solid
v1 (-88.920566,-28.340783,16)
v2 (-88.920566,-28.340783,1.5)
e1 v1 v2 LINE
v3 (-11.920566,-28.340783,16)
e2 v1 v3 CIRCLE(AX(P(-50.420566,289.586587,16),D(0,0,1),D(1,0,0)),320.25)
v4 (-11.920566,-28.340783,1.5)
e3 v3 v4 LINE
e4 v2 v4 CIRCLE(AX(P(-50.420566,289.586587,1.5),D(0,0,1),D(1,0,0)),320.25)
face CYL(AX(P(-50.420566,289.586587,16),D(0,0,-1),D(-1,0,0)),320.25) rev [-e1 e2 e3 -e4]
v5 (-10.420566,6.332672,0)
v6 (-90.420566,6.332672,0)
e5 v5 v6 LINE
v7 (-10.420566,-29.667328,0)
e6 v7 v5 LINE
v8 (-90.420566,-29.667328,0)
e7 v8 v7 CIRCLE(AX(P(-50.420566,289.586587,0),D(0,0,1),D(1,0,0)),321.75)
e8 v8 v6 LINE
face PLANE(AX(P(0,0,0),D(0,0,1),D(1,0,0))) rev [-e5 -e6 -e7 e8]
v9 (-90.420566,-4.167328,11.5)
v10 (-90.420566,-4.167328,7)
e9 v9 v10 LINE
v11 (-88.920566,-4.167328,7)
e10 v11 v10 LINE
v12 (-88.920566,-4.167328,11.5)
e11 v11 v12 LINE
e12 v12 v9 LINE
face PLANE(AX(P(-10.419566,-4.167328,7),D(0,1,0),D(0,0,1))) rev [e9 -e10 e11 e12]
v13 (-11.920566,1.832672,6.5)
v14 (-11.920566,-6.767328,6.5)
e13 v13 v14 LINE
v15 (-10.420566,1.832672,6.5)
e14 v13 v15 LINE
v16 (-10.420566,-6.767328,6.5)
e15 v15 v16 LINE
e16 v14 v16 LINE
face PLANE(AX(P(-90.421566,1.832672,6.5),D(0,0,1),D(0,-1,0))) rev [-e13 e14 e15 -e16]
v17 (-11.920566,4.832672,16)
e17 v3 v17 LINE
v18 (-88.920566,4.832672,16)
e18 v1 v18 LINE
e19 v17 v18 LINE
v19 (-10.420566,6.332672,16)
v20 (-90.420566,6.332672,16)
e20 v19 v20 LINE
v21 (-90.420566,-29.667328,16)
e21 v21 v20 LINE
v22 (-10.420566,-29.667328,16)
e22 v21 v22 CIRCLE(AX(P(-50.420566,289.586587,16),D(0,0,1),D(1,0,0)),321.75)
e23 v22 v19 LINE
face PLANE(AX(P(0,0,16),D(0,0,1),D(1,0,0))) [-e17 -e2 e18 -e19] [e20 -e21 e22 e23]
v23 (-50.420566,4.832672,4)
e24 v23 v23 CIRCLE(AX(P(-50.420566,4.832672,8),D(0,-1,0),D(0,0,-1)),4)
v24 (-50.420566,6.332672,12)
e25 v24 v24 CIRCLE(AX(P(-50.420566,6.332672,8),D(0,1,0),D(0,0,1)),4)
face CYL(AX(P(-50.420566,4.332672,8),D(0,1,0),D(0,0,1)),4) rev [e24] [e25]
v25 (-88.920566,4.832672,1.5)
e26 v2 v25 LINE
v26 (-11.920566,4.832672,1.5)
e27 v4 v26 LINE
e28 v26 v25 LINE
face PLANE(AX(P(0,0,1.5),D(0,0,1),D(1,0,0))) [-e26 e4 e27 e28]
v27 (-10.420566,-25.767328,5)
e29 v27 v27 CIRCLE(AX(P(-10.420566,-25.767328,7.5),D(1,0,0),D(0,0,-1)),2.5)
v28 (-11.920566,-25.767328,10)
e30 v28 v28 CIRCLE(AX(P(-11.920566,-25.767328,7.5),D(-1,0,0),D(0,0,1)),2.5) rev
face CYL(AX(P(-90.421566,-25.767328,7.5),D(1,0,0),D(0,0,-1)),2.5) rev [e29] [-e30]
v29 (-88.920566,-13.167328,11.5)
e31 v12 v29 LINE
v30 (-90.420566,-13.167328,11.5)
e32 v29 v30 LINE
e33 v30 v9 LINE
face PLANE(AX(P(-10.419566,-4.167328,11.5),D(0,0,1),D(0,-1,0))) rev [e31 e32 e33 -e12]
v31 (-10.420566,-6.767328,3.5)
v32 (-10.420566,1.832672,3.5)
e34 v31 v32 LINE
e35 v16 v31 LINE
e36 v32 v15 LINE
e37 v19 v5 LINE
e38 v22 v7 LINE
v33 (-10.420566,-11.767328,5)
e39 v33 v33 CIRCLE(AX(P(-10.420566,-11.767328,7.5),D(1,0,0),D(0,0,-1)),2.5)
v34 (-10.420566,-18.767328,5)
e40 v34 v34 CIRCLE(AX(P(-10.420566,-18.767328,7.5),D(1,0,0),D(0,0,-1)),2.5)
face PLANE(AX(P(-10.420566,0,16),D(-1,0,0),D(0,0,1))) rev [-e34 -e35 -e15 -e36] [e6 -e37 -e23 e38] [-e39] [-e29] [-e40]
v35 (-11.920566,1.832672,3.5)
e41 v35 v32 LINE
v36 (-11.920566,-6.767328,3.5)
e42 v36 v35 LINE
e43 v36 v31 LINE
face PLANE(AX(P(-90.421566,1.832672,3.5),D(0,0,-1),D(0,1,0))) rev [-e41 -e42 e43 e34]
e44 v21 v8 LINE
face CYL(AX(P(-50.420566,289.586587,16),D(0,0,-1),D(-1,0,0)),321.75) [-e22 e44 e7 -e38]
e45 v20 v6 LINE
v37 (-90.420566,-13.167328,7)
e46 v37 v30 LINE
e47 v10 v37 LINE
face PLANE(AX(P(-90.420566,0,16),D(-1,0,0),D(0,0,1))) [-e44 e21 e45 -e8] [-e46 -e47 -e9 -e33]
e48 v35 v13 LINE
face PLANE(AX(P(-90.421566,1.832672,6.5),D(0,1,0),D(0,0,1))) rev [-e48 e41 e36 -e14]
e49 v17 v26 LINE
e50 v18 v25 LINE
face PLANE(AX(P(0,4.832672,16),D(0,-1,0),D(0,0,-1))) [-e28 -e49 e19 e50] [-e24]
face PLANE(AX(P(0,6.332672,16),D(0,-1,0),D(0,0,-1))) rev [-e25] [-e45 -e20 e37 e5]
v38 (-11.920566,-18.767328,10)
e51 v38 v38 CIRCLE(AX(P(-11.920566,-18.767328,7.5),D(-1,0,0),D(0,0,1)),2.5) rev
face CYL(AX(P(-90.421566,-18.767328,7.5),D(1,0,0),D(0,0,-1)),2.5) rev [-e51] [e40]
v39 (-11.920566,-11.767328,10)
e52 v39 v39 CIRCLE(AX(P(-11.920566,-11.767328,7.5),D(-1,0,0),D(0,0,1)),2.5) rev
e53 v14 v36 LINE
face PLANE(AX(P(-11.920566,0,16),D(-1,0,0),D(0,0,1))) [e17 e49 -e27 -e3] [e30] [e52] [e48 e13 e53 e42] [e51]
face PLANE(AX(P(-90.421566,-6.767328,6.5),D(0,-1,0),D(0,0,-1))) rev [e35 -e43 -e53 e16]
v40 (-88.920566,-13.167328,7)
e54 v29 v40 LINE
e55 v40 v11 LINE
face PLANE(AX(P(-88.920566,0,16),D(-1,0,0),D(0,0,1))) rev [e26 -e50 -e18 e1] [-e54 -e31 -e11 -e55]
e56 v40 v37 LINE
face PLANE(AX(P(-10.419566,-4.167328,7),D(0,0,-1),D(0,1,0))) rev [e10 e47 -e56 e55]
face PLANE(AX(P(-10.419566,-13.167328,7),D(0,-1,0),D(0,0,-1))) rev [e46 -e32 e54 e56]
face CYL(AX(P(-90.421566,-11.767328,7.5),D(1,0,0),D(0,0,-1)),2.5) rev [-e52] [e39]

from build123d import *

# Parameters (mm, degrees)
SKETCH_1_W          = 80
SKETCH_1_H          = 36
EXTRUDE_1_DEPTH     = 16
SHELL_1_T           = -1.5
CUT_EXTRUDE_3_REACH = 89.695
SKETCH_2_W          = 4.5
SKETCH_2_H          = 9
CUT_EXTRUDE_4_REACH = 89.695
SKETCH_6_R          = 2.5
SKETCH_6_W          = 3
SKETCH_6_H          = 8.6
SKETCH_7_R          = 4
CUT_EXTRUDE_5_DEPTH = 2


with BuildPart() as part:
    # 草图1 → 凸台-拉伸1 (new body)
    with BuildSketch(Plane.XY):
        with Locations((-50.420566467, -11.667328482)):
            Rectangle(SKETCH_1_W, SKETCH_1_H)
        with BuildLine():
            Line((-10.420566467, -29.667328482), (-90.420566467, -29.667328482))
            ThreePointArc((-90.420566467, -29.667328482), (-50.420566467, -32.163413079), (-10.420566467, -29.667328482))
        make_face()
    extrude(amount=EXTRUDE_1_DEPTH)

    # 抽壳1
    shell_1_openings = [part.faces().sort_by_distance(p)[0] for p in [
        (-50.420566467, -12.507347913, 16),
    ]]
    offset(amount=SHELL_1_T, openings=shell_1_openings, kind=Kind.INTERSECTION)

    # 草图2 → 切除-拉伸3 (cut, up to next)
    with BuildSketch(Plane.ZY.offset(90.420566467), mode=Mode.PRIVATE) as cut_extrude_3_sk1:
        with Locations((9.25, -8.667328482)):
            Rectangle(SKETCH_2_W, SKETCH_2_H)
    cut_extrude_3_tool1 = extrude(cut_extrude_3_sk1.sketch, amount=-CUT_EXTRUDE_3_REACH, mode=Mode.PRIVATE) & part.part
    add(cut_extrude_3_tool1.solids().sort_by_distance((-90.420566, -8.667328, 9.25))[0], mode=Mode.SUBTRACT)

    # 草图6 → 切除-拉伸4 (cut, up to next)
    with BuildSketch(Plane(origin=(-10.420566467, 0, 0), x_dir=(0, 0, -1), z_dir=(1, 0, 0)), mode=Mode.PRIVATE) as cut_extrude_4_sk1:
        with Locations((-7.5, -11.767328482)):
            Circle(SKETCH_6_R)
    cut_extrude_4_tool1 = extrude(cut_extrude_4_sk1.sketch, amount=-CUT_EXTRUDE_4_REACH, mode=Mode.PRIVATE) & part.part
    # 草图6 → 切除-拉伸4 (cut, up to next)
    with BuildSketch(Plane(origin=(-10.420566467, 0, 0), x_dir=(0, 0, -1), z_dir=(1, 0, 0)), mode=Mode.PRIVATE) as cut_extrude_4_sk2:
        with Locations((-7.5, -18.767328482)):
            Circle(SKETCH_6_R)
    cut_extrude_4_tool2 = extrude(cut_extrude_4_sk2.sketch, amount=-CUT_EXTRUDE_4_REACH, mode=Mode.PRIVATE) & part.part
    # 草图6 → 切除-拉伸4 (cut, up to next)
    with BuildSketch(Plane(origin=(-10.420566467, 0, 0), x_dir=(0, 0, -1), z_dir=(1, 0, 0)), mode=Mode.PRIVATE) as cut_extrude_4_sk3:
        with Locations((-7.5, -25.767328482)):
            Circle(SKETCH_6_R)
    cut_extrude_4_tool3 = extrude(cut_extrude_4_sk3.sketch, amount=-CUT_EXTRUDE_4_REACH, mode=Mode.PRIVATE) & part.part
    # 草图6 → 切除-拉伸4 (cut, up to next)
    with BuildSketch(Plane(origin=(-10.420566467, 0, 0), x_dir=(0, 0, -1), z_dir=(1, 0, 0)), mode=Mode.PRIVATE) as cut_extrude_4_sk4:
        with Locations((-5, -2.467328482)):
            Rectangle(SKETCH_6_W, SKETCH_6_H)
    cut_extrude_4_tool4 = extrude(cut_extrude_4_sk4.sketch, amount=-CUT_EXTRUDE_4_REACH, mode=Mode.PRIVATE) & part.part
    add(cut_extrude_4_tool1.solids().sort_by_distance((-10.420566, -11.767328, 7.5))[0], mode=Mode.SUBTRACT)
    add(cut_extrude_4_tool2.solids().sort_by_distance((-10.420566, -18.767328, 7.5))[0], mode=Mode.SUBTRACT)
    add(cut_extrude_4_tool3.solids().sort_by_distance((-10.420566, -25.767328, 7.5))[0], mode=Mode.SUBTRACT)
    add(cut_extrude_4_tool4.solids().sort_by_distance((-10.420566, -2.467328, 5))[0], mode=Mode.SUBTRACT)

    # 草图7 → 切除-拉伸5 (cut)
    with BuildSketch(Plane(origin=(0, 6.332671518, 0), x_dir=(1, 0, 0), z_dir=(0, 1, 0))):
        with Locations(Location((-50.420566467, -8, 0), (0, 0, 270))):
            Circle(SKETCH_7_R)
    extrude(amount=-CUT_EXTRUDE_5_DEPTH, mode=Mode.SUBTRACT)


solid = part.part
